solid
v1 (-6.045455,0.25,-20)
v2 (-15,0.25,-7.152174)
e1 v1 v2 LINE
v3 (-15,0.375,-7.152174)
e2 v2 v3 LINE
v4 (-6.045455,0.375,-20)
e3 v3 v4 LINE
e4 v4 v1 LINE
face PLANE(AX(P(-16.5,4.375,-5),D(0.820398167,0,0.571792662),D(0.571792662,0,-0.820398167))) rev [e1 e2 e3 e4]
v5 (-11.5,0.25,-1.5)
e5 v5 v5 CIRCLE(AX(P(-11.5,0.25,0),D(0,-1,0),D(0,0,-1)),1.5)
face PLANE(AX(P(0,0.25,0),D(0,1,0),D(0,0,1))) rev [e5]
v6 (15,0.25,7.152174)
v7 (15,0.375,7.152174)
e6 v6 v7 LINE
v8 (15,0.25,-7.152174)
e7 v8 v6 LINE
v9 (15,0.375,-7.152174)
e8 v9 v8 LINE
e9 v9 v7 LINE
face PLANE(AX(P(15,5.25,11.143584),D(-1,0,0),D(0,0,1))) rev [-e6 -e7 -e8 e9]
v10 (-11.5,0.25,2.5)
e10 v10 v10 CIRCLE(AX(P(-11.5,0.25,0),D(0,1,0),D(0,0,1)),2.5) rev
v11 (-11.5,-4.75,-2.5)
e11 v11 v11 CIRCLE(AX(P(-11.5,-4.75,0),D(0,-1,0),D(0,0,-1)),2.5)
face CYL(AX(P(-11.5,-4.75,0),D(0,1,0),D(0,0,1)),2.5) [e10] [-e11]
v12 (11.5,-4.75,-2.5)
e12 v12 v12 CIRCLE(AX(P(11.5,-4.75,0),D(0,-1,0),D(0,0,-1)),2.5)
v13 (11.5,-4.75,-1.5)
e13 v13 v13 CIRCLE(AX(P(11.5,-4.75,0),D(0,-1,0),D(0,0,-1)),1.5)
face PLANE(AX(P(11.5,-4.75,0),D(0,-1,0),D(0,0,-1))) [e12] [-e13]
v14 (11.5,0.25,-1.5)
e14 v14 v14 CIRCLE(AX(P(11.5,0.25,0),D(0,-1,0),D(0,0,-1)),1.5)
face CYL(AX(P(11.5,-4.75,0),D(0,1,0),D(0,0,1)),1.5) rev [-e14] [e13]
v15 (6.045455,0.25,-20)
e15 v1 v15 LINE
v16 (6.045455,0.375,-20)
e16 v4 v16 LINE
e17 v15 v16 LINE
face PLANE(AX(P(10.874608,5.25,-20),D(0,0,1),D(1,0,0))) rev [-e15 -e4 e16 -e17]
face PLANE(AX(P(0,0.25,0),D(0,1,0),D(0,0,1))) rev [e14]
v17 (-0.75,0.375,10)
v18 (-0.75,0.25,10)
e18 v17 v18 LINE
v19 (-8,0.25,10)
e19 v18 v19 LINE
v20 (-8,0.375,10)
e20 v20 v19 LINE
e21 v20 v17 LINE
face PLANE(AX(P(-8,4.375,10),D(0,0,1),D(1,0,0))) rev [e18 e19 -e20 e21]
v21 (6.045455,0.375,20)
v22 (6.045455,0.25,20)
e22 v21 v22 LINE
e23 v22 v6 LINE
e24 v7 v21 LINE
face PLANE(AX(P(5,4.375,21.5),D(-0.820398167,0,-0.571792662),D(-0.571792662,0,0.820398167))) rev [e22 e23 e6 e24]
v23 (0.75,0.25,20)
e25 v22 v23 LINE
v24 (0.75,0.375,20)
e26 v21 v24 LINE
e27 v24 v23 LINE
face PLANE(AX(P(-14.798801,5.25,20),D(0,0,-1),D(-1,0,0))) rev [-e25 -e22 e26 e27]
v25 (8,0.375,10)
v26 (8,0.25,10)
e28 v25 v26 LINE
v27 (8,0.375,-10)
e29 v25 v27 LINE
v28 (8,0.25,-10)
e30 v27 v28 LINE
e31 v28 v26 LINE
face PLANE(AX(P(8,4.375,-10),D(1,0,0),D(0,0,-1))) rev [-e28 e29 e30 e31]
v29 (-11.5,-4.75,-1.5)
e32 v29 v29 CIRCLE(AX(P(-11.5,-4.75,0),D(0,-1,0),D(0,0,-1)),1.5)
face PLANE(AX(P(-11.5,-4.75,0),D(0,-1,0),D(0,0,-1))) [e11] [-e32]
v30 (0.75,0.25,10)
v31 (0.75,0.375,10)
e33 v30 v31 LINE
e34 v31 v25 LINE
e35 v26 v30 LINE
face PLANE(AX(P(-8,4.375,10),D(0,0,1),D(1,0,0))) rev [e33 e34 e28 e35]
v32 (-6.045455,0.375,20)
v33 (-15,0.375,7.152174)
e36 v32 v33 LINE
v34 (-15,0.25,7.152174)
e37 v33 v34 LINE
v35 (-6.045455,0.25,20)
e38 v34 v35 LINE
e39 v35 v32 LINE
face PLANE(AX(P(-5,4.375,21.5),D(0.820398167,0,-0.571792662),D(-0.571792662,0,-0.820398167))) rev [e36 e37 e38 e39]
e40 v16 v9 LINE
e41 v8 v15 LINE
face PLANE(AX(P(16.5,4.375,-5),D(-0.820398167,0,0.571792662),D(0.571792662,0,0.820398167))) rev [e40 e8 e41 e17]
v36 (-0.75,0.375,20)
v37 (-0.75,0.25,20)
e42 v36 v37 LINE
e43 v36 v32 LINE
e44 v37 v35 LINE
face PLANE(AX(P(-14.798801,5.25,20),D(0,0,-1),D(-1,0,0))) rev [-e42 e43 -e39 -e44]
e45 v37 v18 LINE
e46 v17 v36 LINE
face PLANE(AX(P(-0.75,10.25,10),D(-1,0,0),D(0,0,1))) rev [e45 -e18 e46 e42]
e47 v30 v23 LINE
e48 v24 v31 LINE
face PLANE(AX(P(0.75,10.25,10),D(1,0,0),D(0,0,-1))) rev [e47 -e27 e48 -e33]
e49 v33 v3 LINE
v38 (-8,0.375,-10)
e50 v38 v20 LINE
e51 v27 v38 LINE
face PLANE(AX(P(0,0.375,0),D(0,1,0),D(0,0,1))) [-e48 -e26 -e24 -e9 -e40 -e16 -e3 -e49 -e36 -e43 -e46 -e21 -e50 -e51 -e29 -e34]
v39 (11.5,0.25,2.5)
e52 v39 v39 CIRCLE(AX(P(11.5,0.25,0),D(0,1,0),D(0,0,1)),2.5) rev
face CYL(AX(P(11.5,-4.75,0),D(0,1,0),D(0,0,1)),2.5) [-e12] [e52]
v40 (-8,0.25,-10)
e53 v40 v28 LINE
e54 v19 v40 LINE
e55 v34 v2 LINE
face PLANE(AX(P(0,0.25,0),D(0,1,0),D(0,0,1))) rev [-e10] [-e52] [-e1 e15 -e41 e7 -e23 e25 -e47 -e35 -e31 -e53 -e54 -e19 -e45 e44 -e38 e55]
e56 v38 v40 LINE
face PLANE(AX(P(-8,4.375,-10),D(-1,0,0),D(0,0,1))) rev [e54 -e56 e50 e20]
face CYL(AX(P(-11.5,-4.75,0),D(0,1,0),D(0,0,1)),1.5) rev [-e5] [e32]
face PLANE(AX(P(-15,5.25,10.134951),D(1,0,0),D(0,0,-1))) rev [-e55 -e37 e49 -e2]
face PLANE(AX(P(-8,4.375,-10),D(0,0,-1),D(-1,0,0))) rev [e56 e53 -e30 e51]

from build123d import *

# Parameters (mm, degrees)
SKETCH1_W           = 33
SKETCH1_H           = 43
BOSS_EXTRUDE1_DEPTH = 0.375
CUT_EXTRUDE1_DEPTH  = 0.25
SKETCH3_W           = 16
SKETCH3_H           = 20
CUT_EXTRUDE2_DEPTH  = 4.125
CUT_EXTRUDE3_DEPTH  = 4.125
SKETCH5_W           = 1.5
SKETCH5_H           = 10
CUT_EXTRUDE4_DEPTH  = 10
SKETCH6_W           = 11.671124307
SKETCH6_H           = 24.955330834
SKETCH6_W_2         = 23.228162705
SKETCH6_H_2         = 5.306808708
SKETCH6_W_3         = 8.676096845
SKETCH6_H_3         = 22.396436041
SKETCH6_W_4         = 27.721988928
SKETCH6_H_4         = 5.80460418
CUT_EXTRUDE5_DEPTH  = 5
SKETCH7_R           = 2.5
SKETCH7_R_2         = 1.5
BOSS_EXTRUDE2_DEPTH = 5


with BuildPart() as part:
    # Sketch1 → Boss-Extrude1 (new body)
    with BuildSketch(Plane(origin=(0, 0, 0), x_dir=(1, 0, 0), z_dir=(0, 1, 0))):
        Rectangle(SKETCH1_W, SKETCH1_H)
    extrude(amount=BOSS_EXTRUDE1_DEPTH)

    # Sketch2 → Cut-Extrude1 (cut)
    with BuildSketch(Plane.XZ):
        Polygon((5, 21.5), (16.5, 21.5), (16.5, 5), (15, 5), (15, -5), (16.5, -5), (16.5, -21.5), (5, -21.5), (5, -20), (-5, -20), (-5, -21.5), (-16.5, -21.5), (-16.5, -5), (-15, -5), (-15, 5), (-16.5, 5), (-16.5, 21.5), (-5, 21.5), (-5, 20), (5, 20), align=None)
    extrude(amount=-CUT_EXTRUDE1_DEPTH, mode=Mode.SUBTRACT)

    # Sketch3 → Cut-Extrude2 (cut)
    with BuildSketch(Plane.XZ.offset(-0.25)):
        Rectangle(SKETCH3_W, SKETCH3_H)
    extrude(amount=-CUT_EXTRUDE2_DEPTH, mode=Mode.SUBTRACT)

    # Sketch4 → Cut-Extrude3 (cut)
    with BuildSketch(Plane.XZ.offset(-0.25)):
        Polygon((-5, 21.5), (-16.5, 5), (-16.5, 21.5), align=None)
        Polygon((5, 21.5), (16.5, 5), (16.5, 21.5), align=None)
        Polygon((-16.5, -5), (-5, -21.5), (-16.5, -21.5), align=None)
        Polygon((16.5, -5), (5, -21.5), (16.5, -21.5), align=None)
    extrude(amount=-CUT_EXTRUDE3_DEPTH, mode=Mode.SUBTRACT)

    # Sketch5 → Cut-Extrude4 (cut)
    with BuildSketch(Plane.XZ.offset(-0.25)):
        with Locations((0, 15)):
            Rectangle(SKETCH5_W, SKETCH5_H)
    extrude(amount=-CUT_EXTRUDE4_DEPTH, mode=Mode.SUBTRACT)

    # Sketch6 → Cut-Extrude5 (cut, symmetric)
    with BuildSketch(Plane.XZ.offset(-0.25)):
        with Locations((20.835562154, -1.334081217)):
            Rectangle(SKETCH6_W, SKETCH6_H)
        with Locations((-0.739473345, -22.653404354)):
            Rectangle(SKETCH6_W_2, SKETCH6_H_2)
        with Locations((-19.338048423, -1.063266803)):
            Rectangle(SKETCH6_W_3, SKETCH6_H_3)
        with Locations((-0.937806624, 22.90230209)):
            Rectangle(SKETCH6_W_4, SKETCH6_H_4)
    extrude(amount=CUT_EXTRUDE5_DEPTH, both=True, mode=Mode.SUBTRACT)

    # Sketch7 → Boss-Extrude2 (add)
    # profile 1 of 2: a face of its own
    with BuildSketch(Plane(origin=(0, 0.25, 0), x_dir=(-1, 0, 0), z_dir=(0, -1, 0))):
        with Locations(Location((11.5, 0, 0), (0, 0, 270))):
            Circle(SKETCH7_R)
        with Locations(Location((11.5, 0, 0), (0, 0, 90))):
            Circle(SKETCH7_R_2, mode=Mode.SUBTRACT)
    # profile 2 of 2: a face of its own
    with BuildSketch(Plane(origin=(0, 0.25, 0), x_dir=(-1, 0, 0), z_dir=(0, -1, 0))):
        with Locations(Location((-11.5, 0, 0), (0, 0, 270))):
            Circle(SKETCH7_R)
        with Locations(Location((-11.5, 0, 0), (0, 0, 90))):
            Circle(SKETCH7_R_2, mode=Mode.SUBTRACT)
    extrude(amount=BOSS_EXTRUDE2_DEPTH)


solid = part.part
